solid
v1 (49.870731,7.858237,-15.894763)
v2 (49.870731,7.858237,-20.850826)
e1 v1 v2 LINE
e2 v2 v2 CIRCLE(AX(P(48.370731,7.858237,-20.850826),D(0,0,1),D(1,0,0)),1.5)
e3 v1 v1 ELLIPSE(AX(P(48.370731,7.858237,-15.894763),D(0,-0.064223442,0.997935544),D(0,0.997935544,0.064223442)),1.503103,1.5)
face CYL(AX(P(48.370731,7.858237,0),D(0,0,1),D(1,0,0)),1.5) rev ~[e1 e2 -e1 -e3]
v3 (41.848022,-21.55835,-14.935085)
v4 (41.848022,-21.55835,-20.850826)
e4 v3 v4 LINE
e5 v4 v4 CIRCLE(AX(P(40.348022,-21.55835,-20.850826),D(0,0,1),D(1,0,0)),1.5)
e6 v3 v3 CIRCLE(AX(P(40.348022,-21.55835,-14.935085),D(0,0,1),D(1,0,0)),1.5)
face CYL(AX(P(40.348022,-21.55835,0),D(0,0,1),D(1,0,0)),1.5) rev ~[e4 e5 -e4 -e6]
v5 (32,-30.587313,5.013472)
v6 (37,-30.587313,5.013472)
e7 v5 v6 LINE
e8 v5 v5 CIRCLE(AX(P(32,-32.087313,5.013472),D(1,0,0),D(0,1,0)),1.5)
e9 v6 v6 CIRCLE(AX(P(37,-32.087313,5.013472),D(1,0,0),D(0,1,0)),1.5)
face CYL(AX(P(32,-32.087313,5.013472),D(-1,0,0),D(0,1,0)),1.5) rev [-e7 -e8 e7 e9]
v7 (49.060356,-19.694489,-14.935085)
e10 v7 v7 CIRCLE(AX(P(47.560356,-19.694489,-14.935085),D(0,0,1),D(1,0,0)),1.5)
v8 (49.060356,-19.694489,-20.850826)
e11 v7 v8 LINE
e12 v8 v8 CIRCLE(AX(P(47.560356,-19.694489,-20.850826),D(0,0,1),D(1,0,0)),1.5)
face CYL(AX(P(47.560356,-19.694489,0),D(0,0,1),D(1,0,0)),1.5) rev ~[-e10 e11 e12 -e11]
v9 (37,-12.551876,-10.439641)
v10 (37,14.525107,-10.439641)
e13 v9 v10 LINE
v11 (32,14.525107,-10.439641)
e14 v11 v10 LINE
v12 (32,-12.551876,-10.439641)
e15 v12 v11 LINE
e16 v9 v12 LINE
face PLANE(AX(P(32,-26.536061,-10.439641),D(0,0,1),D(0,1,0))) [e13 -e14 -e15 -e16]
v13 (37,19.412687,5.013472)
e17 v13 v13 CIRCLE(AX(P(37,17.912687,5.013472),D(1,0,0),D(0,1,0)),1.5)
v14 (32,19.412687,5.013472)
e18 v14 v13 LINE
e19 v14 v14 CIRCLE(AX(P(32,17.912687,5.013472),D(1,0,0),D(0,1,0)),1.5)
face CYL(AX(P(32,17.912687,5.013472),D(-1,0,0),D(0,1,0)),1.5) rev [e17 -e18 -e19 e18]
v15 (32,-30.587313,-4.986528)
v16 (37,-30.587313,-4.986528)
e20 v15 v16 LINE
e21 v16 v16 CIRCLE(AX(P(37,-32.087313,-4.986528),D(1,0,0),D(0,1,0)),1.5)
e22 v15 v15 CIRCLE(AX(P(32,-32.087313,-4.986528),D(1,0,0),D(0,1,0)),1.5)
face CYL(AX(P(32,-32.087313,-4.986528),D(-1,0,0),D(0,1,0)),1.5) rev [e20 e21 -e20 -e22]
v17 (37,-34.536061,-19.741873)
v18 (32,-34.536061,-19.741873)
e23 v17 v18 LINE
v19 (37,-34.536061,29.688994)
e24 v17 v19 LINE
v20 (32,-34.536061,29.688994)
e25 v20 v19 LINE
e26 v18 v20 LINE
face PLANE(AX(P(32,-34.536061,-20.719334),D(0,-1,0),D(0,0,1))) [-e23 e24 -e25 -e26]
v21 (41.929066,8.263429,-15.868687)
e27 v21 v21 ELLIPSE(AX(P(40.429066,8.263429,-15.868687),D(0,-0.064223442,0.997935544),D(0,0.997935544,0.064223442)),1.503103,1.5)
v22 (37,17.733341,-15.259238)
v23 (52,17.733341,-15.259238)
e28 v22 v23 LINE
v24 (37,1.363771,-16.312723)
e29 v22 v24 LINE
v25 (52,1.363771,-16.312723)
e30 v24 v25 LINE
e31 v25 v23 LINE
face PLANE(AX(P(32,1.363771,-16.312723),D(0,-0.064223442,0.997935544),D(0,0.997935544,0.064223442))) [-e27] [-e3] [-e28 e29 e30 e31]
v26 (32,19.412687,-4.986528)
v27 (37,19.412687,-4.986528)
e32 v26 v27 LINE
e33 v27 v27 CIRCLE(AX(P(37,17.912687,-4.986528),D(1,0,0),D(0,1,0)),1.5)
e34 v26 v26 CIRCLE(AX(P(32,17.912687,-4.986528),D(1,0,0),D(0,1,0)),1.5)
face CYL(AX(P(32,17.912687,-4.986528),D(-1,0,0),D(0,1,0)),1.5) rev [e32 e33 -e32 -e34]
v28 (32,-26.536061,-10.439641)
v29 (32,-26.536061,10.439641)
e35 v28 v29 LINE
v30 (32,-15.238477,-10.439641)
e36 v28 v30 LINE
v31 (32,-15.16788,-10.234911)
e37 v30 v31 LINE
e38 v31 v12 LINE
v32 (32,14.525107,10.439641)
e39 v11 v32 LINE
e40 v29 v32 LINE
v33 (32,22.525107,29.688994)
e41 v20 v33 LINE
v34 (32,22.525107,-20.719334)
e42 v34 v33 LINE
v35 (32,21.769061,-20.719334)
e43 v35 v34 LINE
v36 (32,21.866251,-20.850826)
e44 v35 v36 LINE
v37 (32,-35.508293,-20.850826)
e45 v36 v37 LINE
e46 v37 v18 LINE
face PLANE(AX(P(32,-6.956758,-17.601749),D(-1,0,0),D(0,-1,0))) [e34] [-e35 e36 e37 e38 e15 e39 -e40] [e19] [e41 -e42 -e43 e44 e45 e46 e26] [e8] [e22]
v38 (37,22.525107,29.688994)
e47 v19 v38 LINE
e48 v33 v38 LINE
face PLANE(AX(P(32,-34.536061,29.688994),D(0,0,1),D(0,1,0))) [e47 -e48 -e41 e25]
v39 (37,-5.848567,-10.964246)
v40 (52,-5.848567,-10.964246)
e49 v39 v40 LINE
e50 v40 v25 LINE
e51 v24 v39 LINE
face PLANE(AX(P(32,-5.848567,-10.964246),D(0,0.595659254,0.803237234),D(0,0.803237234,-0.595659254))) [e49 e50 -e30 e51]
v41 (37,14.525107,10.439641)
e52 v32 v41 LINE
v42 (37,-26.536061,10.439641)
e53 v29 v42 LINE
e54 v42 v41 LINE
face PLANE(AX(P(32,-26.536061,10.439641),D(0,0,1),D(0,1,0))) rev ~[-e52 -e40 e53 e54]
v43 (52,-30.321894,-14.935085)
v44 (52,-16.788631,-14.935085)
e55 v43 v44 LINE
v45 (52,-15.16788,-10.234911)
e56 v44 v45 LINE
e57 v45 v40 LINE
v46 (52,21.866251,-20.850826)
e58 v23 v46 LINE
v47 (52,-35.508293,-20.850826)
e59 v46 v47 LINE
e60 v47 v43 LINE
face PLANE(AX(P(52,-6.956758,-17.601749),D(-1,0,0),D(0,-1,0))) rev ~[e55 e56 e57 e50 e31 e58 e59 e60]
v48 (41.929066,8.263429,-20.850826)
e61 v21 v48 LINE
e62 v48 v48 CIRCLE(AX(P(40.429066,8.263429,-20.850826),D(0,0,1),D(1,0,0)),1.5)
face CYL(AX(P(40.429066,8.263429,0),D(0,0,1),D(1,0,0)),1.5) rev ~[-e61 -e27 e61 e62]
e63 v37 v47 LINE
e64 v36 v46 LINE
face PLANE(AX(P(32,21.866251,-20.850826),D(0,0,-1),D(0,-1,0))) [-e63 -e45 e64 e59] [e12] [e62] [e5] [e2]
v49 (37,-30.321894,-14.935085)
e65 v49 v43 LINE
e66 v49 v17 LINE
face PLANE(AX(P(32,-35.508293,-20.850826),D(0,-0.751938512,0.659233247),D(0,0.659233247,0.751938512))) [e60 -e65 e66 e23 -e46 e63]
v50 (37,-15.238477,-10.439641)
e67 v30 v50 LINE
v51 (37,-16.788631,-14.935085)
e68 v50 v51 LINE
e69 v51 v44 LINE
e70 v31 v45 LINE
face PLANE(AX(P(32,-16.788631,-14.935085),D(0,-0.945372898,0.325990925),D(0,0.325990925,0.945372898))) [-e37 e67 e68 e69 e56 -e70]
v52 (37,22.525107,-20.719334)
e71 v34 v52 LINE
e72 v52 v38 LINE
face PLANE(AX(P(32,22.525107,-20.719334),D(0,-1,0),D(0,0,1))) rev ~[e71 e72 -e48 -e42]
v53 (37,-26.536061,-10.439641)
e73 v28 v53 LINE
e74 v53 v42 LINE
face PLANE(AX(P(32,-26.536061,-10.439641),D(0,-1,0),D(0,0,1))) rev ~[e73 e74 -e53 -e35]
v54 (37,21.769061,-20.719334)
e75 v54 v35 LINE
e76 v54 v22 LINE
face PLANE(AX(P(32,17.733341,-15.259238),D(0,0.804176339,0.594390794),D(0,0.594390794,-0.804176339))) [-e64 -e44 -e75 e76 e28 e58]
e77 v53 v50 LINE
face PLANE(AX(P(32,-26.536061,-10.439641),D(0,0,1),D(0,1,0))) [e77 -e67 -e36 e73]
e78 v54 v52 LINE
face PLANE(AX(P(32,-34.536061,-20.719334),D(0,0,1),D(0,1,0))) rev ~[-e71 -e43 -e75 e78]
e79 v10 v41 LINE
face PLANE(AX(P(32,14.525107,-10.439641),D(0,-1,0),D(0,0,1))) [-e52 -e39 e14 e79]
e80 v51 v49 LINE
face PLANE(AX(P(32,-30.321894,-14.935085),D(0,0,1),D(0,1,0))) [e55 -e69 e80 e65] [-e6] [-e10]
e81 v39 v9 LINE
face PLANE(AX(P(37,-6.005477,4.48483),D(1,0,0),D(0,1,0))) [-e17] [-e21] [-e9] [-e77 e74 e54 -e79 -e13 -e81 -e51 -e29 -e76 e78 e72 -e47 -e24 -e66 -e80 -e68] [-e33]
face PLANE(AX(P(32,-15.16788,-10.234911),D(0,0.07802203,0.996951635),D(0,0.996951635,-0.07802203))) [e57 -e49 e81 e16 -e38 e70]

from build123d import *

# Parameters (mm, degrees)
SKETCH010_R   = 1.5
PAD006_DEPTH  = 100
PAD005_DEPTH  = 20
SKETCH008_W   = 57.061168
SKETCH008_H   = 50.408328
SKETCH008_R   = 1.5
SKETCH008_W_2 = 41.061168
SKETCH008_H_2 = 20.879282
PAD004_DEPTH  = 5


with BuildPart() as screwcutouts:
    # Sketch010 → Pad006 (new body)
    with BuildSketch(Plane.XY):
        with Locations((40.429066, 8.263429)):
            Circle(SKETCH010_R)
        with Locations((48.370731, 7.858237)):
            Circle(SKETCH010_R)
        with Locations((40.348022, -21.55835)):
            Circle(SKETCH010_R)
        with Locations((47.560356, -19.694489)):
            Circle(SKETCH010_R)
    extrude(amount=-PAD006_DEPTH)


with BuildPart() as mountsupportpad:
    # Sketch009 → Pad005 (new body)
    with BuildSketch(Plane.YZ.offset(32)):
        Polygon((-35.508293, -20.850826), (-30.321894, -14.935085), (-16.788631, -14.935085), (-15.16788, -10.234911), (-5.848567, -10.964246), (1.363771, -16.312723), (17.733341, -15.259238), (21.866251, -20.850826), align=None)
    extrude(amount=PAD005_DEPTH)


with BuildPart() as cut003:
    # Sketch008 → Pad004 (new body)
    with BuildSketch(Plane.YZ.offset(32)):
        with Locations((-6.005477, 4.48483)):
            Rectangle(SKETCH008_W, SKETCH008_H)
        with Locations((-32.087313, 5.013472)):
            Circle(SKETCH008_R, mode=Mode.SUBTRACT)
        with Locations((-32.087313, -4.986528)):
            Circle(SKETCH008_R, mode=Mode.SUBTRACT)
        with Locations((17.912687, 5.013472)):
            Circle(SKETCH008_R, mode=Mode.SUBTRACT)
        with Locations((17.912687, -4.986528)):
            Circle(SKETCH008_R, mode=Mode.SUBTRACT)
        with Locations((-6.005477, 0)):
            Rectangle(SKETCH008_W_2, SKETCH008_H_2, mode=Mode.SUBTRACT)
    extrude(amount=PAD004_DEPTH)

    # Fusion003: union MountSupportPad
    add(mountsupportpad.part)

    # Cut003: cut ScrewCutouts
    add(screwcutouts.part, mode=Mode.SUBTRACT)


solid = cut003.part
